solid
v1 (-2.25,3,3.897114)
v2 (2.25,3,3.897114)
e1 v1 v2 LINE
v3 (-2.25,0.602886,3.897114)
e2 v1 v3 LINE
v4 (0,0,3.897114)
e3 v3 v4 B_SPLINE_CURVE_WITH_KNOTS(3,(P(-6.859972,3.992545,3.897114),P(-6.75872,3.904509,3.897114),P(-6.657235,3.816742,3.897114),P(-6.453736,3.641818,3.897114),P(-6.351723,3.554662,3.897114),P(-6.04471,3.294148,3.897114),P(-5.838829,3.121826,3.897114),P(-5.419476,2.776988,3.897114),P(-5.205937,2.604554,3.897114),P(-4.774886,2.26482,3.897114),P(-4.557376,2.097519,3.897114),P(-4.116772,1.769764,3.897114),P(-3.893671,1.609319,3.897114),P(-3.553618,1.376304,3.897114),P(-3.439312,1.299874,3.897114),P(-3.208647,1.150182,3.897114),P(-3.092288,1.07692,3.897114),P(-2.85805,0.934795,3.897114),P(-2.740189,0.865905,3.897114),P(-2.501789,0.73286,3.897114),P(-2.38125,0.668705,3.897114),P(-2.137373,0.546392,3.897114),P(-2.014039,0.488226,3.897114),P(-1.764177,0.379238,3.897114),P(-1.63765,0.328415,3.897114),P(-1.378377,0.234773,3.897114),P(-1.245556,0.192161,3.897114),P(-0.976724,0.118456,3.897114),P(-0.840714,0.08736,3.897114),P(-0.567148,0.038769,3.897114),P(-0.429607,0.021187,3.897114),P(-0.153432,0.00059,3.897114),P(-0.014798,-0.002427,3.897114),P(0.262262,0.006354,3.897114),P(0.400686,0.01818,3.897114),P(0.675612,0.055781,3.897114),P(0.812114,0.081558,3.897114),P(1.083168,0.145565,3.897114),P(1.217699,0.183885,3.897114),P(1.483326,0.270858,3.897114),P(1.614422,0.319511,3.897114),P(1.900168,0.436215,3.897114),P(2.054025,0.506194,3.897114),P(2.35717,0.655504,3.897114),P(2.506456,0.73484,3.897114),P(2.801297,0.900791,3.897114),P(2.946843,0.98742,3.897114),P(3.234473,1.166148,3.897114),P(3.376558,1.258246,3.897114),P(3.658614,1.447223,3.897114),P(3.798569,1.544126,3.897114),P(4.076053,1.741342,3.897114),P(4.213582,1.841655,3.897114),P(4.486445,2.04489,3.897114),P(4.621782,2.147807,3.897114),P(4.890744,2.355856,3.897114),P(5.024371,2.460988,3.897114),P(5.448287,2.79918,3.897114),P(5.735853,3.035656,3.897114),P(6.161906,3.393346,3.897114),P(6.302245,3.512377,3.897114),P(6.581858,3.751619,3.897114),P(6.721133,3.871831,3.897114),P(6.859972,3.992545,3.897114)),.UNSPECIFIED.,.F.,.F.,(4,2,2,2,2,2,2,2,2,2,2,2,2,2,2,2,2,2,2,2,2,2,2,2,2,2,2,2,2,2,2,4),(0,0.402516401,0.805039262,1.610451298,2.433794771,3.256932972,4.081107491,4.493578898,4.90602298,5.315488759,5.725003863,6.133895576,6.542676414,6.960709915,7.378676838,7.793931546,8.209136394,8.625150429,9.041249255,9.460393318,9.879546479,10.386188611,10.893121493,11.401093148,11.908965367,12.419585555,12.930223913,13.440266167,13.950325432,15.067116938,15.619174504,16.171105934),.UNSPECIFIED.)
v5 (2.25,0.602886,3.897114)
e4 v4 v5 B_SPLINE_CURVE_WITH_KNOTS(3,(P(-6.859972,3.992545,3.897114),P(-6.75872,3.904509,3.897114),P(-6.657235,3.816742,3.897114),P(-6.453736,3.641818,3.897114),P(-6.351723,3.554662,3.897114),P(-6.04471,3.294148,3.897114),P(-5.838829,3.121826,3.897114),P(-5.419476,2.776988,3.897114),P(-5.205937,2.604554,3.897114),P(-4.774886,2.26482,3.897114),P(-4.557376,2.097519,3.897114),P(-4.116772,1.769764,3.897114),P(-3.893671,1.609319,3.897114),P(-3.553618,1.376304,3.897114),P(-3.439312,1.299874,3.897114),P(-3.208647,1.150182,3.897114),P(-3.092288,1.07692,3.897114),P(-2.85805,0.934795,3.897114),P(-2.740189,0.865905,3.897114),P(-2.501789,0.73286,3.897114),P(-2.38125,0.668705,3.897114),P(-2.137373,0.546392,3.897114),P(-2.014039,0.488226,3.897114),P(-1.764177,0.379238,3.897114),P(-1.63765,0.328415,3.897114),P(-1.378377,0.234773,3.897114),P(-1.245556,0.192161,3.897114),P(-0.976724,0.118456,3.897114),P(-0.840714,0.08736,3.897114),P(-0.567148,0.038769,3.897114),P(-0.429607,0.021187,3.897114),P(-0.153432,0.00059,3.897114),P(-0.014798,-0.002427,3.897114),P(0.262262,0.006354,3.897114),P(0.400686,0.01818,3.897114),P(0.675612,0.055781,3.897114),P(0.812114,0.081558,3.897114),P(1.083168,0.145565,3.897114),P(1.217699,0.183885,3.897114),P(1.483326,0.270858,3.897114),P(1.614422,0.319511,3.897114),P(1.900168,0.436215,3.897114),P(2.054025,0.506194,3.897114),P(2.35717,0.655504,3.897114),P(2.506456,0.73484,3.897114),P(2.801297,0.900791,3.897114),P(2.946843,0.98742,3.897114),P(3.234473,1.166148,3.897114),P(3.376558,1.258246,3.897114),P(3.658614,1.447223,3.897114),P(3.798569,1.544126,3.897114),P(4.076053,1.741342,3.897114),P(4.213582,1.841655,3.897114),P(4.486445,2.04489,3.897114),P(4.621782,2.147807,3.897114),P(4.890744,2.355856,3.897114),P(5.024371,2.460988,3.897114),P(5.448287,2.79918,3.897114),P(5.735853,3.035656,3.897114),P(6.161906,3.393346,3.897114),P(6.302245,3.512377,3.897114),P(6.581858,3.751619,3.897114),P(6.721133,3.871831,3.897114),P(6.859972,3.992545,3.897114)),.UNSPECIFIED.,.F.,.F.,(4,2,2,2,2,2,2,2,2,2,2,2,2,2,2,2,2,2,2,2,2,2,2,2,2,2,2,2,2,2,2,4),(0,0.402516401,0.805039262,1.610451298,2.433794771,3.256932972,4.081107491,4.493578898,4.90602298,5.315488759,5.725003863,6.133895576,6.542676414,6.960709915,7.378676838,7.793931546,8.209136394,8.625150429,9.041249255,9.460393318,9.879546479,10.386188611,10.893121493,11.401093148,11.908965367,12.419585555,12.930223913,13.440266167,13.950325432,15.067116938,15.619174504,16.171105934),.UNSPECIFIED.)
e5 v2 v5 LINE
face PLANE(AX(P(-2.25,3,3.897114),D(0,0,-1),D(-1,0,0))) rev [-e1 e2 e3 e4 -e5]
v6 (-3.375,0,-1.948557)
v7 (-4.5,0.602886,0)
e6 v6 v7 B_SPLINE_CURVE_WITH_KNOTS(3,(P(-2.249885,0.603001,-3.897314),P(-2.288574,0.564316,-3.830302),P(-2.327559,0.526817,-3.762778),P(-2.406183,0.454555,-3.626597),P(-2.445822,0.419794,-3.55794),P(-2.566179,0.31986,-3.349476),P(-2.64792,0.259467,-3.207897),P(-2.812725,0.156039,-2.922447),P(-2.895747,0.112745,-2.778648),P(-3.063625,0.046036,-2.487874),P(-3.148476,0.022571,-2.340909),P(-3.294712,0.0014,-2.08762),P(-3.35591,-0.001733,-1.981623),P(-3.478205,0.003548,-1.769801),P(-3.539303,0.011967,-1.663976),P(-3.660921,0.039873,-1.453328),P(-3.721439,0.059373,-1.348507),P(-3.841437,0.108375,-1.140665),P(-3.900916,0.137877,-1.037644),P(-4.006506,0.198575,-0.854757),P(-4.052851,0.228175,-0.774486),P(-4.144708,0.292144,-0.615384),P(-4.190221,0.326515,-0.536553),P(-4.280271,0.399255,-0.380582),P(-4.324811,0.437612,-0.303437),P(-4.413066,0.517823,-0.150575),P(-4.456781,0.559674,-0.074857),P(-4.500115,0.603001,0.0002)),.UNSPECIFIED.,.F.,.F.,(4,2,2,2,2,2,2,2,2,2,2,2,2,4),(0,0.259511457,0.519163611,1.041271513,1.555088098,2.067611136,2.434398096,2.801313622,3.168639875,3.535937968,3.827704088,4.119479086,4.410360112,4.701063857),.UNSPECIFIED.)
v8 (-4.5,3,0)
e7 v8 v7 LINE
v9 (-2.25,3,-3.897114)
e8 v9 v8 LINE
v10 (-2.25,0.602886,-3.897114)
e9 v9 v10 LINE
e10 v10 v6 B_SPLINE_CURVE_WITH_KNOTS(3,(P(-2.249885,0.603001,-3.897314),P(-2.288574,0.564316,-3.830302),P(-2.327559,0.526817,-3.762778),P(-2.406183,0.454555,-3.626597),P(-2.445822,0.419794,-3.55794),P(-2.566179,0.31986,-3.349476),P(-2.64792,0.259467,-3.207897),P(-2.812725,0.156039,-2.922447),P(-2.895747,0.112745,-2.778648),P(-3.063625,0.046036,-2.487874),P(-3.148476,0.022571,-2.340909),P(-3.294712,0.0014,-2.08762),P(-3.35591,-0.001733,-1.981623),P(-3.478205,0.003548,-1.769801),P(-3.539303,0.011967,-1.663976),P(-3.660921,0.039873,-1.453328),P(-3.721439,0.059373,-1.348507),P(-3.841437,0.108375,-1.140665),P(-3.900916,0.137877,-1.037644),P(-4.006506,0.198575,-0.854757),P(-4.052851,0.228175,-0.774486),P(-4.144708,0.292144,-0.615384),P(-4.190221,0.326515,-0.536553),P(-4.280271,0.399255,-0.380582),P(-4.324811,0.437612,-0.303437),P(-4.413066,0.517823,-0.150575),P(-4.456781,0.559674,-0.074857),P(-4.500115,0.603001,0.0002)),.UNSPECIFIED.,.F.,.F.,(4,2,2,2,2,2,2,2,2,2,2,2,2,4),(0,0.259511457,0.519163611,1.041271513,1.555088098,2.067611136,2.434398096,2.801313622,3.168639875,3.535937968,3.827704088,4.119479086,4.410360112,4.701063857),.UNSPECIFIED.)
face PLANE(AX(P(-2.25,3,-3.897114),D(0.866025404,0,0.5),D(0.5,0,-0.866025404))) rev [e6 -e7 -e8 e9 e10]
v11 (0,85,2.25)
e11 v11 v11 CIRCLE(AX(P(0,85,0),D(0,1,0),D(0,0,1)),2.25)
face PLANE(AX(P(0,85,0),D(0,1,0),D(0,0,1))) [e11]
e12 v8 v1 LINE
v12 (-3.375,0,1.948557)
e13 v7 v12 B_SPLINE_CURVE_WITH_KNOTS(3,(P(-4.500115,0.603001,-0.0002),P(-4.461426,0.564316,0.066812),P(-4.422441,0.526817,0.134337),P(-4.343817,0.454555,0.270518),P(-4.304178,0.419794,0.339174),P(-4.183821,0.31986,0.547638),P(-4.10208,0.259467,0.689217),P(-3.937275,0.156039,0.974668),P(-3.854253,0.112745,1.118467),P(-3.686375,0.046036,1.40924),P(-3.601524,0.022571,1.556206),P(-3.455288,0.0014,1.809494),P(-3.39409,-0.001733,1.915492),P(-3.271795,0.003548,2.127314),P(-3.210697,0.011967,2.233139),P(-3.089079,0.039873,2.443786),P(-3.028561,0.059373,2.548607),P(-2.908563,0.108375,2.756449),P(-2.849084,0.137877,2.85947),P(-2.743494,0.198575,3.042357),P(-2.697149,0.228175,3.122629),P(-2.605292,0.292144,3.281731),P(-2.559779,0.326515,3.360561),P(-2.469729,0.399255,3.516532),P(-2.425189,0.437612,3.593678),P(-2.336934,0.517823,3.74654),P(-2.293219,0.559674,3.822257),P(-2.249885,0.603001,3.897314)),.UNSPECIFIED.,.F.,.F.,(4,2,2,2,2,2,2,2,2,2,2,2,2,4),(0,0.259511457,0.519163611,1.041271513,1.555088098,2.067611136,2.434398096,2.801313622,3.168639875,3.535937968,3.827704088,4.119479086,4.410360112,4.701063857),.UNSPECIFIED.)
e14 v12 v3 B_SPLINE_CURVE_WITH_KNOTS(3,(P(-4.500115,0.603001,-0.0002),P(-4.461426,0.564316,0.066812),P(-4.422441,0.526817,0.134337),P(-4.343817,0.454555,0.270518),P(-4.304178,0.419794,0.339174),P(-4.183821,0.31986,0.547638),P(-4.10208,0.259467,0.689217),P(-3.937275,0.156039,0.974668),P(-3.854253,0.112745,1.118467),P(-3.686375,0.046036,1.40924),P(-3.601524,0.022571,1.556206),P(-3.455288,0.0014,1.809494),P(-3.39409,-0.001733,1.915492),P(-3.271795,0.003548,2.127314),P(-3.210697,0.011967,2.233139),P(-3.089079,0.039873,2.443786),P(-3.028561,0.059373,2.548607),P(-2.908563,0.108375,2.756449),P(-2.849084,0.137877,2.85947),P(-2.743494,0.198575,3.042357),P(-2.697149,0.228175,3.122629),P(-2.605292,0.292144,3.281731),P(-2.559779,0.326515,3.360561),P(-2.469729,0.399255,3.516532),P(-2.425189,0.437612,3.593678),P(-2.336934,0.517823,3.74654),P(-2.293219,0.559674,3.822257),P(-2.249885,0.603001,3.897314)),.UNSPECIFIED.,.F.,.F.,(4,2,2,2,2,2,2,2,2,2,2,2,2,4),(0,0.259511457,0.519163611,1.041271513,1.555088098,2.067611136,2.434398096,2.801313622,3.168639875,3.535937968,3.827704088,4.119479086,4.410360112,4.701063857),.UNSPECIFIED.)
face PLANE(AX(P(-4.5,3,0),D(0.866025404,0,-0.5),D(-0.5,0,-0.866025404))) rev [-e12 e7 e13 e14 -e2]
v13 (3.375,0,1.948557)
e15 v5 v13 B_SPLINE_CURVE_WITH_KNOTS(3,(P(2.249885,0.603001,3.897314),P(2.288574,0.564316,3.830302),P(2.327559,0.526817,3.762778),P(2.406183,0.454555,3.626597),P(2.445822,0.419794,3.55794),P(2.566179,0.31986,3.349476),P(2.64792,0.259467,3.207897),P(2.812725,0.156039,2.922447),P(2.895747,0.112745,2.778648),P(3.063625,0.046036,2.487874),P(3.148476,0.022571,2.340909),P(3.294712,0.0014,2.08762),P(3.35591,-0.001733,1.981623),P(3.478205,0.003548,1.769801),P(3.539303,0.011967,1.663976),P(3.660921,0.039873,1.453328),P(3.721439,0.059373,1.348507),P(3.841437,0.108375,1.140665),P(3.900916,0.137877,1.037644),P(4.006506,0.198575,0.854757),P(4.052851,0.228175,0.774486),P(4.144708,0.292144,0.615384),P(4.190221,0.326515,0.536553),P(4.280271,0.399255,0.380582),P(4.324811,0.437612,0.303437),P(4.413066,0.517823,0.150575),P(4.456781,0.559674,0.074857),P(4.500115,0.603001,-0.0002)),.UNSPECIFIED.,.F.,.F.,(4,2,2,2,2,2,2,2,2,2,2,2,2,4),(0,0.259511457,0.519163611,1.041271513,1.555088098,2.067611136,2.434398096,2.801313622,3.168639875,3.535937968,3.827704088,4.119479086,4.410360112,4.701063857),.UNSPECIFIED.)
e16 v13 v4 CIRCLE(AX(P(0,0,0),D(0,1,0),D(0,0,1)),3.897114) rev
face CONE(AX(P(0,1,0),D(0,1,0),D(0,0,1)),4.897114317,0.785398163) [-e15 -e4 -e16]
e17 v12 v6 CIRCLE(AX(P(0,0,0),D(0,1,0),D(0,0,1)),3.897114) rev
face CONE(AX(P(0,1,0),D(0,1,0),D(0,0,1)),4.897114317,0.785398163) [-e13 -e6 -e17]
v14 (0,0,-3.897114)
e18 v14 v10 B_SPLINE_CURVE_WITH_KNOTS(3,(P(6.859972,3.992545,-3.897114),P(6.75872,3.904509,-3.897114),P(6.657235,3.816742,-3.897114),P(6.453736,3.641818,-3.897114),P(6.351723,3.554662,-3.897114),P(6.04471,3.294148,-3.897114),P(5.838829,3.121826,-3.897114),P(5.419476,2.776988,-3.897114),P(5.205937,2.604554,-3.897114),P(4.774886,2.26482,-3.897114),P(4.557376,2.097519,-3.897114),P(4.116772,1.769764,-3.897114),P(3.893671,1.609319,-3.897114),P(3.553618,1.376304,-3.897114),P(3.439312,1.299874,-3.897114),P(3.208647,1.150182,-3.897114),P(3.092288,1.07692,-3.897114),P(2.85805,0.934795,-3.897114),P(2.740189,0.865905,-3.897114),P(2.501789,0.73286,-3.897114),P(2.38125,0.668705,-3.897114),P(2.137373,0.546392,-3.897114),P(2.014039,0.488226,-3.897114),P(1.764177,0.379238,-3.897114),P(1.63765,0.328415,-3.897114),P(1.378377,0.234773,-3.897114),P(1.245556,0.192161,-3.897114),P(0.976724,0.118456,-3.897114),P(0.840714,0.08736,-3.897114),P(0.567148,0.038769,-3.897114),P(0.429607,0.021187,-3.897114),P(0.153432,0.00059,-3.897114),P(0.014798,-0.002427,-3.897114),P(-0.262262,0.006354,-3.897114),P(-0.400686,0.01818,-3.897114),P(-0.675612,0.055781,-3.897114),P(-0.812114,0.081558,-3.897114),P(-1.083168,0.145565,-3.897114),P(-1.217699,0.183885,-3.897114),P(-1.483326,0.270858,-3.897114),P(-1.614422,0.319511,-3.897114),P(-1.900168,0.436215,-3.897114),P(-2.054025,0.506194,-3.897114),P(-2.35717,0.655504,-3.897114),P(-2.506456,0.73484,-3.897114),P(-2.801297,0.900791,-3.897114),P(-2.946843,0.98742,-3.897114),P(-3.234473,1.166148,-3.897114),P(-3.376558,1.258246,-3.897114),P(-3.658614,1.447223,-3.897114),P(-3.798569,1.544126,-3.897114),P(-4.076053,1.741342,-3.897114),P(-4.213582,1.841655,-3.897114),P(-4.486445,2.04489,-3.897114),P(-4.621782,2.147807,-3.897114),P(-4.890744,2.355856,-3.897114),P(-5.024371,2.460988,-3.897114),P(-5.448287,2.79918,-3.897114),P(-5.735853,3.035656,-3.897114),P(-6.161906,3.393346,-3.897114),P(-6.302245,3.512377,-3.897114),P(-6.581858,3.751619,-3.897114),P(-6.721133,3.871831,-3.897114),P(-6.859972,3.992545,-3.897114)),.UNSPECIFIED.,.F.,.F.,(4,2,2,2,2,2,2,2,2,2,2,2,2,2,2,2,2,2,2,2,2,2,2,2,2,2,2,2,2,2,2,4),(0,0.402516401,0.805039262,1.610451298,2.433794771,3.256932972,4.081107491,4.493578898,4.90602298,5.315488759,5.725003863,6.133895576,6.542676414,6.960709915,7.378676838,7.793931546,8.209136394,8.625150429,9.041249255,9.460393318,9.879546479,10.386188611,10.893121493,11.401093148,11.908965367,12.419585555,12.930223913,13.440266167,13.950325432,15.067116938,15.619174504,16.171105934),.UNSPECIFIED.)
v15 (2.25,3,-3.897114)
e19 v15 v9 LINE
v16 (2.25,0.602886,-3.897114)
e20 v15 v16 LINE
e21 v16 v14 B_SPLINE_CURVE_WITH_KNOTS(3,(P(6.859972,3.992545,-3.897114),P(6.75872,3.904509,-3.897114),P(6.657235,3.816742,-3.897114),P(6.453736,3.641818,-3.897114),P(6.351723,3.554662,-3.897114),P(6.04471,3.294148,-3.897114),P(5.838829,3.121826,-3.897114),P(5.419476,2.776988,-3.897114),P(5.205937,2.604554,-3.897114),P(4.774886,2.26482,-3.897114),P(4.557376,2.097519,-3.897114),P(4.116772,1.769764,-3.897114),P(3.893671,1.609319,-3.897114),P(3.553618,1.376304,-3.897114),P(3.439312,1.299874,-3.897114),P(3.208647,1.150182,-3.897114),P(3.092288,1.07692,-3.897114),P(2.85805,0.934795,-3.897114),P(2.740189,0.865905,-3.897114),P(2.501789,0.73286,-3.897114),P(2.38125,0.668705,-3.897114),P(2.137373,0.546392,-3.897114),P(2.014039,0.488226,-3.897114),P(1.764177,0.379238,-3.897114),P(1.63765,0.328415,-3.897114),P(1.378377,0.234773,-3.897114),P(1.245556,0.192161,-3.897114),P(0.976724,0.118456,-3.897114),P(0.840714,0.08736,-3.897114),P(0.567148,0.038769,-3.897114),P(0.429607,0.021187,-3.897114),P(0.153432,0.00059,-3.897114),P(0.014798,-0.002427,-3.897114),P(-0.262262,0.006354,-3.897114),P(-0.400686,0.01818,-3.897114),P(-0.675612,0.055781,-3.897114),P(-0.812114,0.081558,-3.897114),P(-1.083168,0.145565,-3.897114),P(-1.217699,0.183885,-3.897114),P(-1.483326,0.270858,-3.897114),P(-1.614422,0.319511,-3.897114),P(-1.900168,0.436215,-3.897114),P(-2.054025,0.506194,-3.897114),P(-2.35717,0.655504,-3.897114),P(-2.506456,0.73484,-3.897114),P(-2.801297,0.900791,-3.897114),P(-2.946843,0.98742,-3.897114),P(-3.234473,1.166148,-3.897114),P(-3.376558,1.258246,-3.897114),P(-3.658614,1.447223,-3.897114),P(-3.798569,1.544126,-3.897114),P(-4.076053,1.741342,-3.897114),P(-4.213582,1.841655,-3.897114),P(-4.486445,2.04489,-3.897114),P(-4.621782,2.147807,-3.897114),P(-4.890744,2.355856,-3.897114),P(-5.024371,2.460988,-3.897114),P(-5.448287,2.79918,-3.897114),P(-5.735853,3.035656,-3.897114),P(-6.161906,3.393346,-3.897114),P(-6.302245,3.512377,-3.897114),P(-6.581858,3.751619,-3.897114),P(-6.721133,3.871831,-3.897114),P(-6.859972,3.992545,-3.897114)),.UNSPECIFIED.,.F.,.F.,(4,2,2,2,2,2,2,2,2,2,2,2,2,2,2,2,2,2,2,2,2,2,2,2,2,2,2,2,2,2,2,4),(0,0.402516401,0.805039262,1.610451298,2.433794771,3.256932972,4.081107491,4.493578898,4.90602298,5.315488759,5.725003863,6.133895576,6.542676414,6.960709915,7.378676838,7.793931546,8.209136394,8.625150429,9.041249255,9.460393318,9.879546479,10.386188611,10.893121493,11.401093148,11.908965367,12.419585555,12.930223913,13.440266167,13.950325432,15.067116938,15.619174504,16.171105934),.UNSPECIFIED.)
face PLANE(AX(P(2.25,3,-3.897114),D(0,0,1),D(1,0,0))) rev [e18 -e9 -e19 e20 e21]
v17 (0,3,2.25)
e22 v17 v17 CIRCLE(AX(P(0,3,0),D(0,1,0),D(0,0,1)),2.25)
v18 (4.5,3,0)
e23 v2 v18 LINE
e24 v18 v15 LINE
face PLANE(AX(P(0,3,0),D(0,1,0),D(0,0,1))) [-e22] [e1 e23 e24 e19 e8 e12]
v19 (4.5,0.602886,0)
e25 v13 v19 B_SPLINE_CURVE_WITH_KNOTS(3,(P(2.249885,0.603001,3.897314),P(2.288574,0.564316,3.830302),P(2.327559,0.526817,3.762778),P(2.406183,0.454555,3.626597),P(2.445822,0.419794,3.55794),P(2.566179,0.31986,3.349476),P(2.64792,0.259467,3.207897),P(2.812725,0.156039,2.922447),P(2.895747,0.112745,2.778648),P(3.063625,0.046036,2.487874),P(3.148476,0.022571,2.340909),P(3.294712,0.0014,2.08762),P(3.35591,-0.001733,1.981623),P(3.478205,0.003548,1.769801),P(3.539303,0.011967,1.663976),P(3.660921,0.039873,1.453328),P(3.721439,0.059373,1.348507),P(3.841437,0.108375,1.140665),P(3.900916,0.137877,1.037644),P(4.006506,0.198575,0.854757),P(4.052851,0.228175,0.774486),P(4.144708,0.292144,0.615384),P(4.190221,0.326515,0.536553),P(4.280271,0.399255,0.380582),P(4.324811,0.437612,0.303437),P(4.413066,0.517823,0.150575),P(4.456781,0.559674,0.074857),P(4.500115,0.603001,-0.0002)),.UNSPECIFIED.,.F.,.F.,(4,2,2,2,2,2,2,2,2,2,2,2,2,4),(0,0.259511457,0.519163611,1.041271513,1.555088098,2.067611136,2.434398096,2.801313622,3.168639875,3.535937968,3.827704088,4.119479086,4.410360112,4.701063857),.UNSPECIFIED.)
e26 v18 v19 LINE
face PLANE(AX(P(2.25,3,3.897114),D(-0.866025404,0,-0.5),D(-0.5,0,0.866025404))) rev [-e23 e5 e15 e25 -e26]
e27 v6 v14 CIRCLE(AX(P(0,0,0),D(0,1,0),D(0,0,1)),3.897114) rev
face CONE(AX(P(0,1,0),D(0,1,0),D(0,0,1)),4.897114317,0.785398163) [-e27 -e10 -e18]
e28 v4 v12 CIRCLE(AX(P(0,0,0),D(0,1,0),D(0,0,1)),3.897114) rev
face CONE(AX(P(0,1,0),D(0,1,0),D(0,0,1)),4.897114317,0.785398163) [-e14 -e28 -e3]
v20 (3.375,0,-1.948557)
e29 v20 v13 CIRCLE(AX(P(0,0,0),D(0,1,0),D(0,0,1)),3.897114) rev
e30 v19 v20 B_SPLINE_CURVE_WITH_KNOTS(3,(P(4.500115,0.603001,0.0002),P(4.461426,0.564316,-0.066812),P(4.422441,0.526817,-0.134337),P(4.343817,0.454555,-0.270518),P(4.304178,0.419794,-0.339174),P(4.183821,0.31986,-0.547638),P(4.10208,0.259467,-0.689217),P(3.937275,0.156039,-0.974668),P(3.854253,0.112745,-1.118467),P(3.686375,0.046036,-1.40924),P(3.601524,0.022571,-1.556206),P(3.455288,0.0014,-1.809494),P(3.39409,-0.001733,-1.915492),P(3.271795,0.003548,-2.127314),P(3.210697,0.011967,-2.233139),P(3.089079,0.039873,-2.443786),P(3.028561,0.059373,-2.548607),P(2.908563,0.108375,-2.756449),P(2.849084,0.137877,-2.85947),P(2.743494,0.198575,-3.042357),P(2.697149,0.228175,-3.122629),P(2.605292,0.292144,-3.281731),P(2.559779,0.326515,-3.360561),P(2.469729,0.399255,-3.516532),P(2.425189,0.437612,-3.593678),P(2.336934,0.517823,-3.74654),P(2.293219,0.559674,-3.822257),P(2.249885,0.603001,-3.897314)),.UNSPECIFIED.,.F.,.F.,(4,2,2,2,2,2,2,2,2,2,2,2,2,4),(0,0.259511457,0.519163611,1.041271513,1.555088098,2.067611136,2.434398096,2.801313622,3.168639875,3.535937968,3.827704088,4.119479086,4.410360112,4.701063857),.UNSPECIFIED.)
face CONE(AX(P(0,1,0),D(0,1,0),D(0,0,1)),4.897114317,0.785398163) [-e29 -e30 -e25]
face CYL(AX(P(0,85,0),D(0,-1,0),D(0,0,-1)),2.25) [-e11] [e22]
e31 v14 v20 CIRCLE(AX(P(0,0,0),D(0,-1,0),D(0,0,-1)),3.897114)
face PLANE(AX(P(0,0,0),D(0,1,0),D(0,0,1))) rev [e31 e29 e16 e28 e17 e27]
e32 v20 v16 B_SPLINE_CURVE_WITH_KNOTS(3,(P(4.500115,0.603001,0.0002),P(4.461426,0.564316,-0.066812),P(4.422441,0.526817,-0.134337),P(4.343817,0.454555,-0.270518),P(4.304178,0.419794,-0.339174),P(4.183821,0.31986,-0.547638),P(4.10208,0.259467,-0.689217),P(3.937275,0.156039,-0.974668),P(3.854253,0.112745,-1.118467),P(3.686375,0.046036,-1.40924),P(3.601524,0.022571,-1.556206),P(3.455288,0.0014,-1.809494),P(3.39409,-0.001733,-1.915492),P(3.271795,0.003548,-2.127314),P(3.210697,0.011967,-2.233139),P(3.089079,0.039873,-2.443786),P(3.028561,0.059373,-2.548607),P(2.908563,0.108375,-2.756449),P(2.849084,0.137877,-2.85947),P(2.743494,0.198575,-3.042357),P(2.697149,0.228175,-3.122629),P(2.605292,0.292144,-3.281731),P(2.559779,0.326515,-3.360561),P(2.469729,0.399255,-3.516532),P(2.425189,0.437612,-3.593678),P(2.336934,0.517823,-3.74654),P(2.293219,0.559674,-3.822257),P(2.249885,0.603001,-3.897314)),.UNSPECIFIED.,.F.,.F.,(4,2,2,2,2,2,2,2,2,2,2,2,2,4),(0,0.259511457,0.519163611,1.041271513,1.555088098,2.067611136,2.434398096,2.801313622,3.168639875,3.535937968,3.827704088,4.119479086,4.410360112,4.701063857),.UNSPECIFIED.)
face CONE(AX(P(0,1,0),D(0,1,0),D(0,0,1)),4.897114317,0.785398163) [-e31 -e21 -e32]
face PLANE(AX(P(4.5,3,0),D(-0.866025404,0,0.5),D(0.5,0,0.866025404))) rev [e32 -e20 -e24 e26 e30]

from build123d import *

# Parameters (mm, degrees)
BOSS_EXTRUDE1_DEPTH = 3
SKETCH2_R           = 2.25
BOSS_EXTRUDE2_DEPTH = 82


with BuildPart() as part:
    # Sketch1 → Boss-Extrude1 (new body)
    with BuildSketch(Plane(origin=(0, 0, 0), x_dir=(1, 0, 0), z_dir=(0, 1, 0))):
        Polygon((-4.5, 0), (-2.25, -3.897114317), (2.25, -3.897114317), (4.5, 0), (2.25, 3.897114317), (-2.25, 3.897114317), align=None)
    extrude(amount=BOSS_EXTRUDE1_DEPTH)

    # Sketch2 → Boss-Extrude2 (add)
    with BuildSketch(Plane(origin=(0, 3, 0), x_dir=(1, 0, 0), z_dir=(0, 1, 0))):
        Circle(SKETCH2_R)
    extrude(amount=BOSS_EXTRUDE2_DEPTH)

    # Sketch4 → Cut-Revolve1 (revolve, cut)
    with BuildSketch(Plane(origin=(0, 0, 0), x_dir=(0, 0, -1), z_dir=(1, 0, 0))):
        Polygon((3.897114317, 0), (4.897114317, 1), (4.897114317, 0), align=None)
    revolve(axis=Axis((0, 0, 0), (0, 1, 0)), mode=Mode.SUBTRACT)


solid = part.part
